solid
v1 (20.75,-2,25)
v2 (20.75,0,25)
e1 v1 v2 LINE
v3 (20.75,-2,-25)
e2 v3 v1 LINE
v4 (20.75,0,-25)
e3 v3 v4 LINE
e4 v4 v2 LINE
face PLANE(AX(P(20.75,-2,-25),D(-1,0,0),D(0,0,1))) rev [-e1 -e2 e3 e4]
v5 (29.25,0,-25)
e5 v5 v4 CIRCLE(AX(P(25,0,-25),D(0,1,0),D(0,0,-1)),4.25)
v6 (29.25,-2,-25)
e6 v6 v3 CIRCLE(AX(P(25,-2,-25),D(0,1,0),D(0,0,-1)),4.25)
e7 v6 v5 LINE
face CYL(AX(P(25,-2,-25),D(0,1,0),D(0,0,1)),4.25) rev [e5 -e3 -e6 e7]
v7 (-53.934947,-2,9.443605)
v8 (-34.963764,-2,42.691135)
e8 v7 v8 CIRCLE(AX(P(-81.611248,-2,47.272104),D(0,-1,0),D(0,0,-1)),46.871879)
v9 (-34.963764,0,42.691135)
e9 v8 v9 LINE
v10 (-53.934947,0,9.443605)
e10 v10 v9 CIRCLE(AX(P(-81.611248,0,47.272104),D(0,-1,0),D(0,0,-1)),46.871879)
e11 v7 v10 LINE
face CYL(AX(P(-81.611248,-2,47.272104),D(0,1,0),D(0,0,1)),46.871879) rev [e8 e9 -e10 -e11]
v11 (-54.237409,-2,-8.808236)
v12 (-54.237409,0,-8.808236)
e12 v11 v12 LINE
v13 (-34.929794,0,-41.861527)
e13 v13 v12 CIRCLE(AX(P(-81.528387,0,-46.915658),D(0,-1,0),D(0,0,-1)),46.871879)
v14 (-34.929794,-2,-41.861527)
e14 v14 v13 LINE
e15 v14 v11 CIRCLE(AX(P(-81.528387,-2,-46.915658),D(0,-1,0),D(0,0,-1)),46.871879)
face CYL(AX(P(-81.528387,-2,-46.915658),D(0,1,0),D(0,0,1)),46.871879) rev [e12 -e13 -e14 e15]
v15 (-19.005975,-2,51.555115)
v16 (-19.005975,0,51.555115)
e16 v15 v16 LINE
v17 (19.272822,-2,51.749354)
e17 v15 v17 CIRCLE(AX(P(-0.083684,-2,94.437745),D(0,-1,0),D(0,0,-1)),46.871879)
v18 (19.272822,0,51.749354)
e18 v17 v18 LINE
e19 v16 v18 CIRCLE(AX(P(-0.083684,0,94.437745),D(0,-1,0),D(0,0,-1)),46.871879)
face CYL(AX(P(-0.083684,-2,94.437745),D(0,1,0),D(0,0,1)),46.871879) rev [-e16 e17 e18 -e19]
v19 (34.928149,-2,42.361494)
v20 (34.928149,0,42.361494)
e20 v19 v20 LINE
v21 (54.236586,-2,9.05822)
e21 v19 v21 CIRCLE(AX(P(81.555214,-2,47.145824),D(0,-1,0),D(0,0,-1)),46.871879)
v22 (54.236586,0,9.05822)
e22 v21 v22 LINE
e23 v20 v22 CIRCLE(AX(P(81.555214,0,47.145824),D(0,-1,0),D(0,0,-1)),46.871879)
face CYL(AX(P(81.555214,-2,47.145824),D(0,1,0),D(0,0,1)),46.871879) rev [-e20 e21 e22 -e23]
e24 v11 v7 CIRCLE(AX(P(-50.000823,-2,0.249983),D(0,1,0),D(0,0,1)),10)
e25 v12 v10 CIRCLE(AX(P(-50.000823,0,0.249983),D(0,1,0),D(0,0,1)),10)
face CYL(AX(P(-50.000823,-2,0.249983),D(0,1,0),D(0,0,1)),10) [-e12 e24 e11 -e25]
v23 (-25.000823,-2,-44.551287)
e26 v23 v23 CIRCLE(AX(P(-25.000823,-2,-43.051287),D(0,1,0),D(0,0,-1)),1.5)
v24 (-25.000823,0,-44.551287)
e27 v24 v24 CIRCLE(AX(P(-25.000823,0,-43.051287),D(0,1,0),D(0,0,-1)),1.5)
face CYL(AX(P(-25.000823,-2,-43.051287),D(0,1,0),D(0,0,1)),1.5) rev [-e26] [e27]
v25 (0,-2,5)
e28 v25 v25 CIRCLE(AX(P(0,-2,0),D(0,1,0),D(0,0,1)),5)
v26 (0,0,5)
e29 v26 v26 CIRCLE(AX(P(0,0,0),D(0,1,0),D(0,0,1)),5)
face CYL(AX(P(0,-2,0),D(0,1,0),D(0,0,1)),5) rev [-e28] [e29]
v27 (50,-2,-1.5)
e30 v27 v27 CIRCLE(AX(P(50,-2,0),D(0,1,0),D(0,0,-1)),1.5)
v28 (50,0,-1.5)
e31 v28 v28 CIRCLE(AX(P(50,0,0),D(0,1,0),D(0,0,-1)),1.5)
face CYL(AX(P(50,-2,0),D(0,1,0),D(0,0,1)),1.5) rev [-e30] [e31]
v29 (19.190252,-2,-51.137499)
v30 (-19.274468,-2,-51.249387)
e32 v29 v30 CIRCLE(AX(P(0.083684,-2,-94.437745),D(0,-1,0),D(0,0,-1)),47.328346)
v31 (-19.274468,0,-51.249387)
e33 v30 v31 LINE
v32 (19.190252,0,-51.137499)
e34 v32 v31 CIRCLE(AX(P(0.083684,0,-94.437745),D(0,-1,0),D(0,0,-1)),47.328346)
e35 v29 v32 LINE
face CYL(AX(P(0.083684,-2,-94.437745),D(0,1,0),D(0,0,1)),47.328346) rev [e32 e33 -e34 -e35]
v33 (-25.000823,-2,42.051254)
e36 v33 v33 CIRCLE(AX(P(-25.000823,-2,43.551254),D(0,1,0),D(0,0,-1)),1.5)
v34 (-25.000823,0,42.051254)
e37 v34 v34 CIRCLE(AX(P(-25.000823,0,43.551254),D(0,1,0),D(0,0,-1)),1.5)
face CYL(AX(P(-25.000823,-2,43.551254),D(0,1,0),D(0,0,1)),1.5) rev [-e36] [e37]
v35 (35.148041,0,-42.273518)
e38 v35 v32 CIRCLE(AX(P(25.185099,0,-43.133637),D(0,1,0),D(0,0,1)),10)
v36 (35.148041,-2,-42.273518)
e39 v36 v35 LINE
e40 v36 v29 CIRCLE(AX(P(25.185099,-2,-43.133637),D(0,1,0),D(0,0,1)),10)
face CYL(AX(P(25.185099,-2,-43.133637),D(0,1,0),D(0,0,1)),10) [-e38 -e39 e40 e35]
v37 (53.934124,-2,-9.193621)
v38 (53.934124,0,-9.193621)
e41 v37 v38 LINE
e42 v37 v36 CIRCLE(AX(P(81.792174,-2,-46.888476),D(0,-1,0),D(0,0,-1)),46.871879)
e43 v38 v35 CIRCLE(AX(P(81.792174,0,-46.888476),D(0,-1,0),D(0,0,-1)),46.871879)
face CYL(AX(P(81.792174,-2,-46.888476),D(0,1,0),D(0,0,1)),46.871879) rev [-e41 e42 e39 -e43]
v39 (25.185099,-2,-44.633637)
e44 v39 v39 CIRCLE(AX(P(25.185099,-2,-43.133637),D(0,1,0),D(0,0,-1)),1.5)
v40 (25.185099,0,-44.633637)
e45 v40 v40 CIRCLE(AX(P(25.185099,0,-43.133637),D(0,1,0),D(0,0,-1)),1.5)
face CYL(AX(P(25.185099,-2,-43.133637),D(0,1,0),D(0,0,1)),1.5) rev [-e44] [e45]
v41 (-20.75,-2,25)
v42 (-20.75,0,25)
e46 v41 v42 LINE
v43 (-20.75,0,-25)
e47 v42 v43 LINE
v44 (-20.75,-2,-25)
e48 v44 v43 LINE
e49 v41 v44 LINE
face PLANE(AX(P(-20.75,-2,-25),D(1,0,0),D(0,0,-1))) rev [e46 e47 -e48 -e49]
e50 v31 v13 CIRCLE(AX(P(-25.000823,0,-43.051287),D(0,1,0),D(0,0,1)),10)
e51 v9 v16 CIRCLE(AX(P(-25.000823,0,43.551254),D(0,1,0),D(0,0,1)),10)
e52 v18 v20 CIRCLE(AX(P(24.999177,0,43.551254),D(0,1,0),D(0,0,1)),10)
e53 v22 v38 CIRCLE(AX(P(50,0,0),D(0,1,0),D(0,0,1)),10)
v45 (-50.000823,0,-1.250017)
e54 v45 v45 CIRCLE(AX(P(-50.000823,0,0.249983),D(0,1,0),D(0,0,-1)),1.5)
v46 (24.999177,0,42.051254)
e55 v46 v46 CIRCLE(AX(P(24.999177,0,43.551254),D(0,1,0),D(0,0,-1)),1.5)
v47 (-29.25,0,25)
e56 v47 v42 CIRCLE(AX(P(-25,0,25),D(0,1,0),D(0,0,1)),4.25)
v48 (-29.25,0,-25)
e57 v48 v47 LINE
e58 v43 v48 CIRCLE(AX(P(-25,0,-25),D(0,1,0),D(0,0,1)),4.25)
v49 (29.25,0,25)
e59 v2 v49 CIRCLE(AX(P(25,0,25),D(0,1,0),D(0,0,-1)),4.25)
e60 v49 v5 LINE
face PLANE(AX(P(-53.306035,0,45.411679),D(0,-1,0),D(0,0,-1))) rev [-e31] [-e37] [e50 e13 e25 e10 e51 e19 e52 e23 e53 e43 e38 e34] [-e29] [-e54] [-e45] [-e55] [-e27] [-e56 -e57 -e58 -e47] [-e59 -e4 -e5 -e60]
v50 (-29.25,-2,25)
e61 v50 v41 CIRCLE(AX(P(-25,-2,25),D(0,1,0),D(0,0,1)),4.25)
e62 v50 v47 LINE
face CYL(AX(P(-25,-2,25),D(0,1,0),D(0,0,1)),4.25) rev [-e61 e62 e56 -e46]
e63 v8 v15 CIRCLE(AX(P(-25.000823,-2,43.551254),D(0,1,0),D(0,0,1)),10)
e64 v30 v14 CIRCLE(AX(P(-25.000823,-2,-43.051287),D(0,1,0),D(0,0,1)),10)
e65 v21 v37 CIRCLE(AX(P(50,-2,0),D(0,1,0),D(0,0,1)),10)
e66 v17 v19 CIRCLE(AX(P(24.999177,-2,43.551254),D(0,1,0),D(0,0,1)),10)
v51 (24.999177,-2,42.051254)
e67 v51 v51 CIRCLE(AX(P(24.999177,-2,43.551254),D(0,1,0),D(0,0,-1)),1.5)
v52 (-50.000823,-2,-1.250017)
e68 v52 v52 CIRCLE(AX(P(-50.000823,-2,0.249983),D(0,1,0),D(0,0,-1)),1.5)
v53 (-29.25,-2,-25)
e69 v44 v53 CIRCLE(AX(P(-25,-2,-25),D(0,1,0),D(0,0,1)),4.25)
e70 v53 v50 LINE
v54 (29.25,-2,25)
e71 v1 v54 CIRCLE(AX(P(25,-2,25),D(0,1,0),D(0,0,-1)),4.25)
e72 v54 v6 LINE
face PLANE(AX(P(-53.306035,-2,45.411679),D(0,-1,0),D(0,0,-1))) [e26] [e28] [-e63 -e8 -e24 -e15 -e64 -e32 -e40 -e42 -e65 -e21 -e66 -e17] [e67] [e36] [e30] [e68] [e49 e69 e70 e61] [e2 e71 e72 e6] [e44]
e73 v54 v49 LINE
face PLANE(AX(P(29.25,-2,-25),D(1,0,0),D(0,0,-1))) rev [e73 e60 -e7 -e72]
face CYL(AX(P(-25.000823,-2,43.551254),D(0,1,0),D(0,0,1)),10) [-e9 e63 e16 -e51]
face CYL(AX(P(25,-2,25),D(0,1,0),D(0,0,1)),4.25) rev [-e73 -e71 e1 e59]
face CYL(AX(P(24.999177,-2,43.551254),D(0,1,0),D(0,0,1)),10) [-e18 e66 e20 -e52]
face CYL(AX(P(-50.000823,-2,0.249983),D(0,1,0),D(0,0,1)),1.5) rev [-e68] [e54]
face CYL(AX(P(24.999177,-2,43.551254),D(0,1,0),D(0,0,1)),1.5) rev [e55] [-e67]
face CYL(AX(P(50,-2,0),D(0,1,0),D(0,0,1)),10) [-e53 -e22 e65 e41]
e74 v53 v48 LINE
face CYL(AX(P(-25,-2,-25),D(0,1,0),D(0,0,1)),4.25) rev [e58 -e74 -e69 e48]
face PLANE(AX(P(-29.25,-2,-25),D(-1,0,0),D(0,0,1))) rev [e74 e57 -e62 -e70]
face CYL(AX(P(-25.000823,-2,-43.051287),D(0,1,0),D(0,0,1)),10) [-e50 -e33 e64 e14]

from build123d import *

# Parameters (mm, degrees)
SKETCH1_R           = 1.5
BOSS_EXTRUDE1_DEPTH = 2
CUT_EXTRUDE1_DEPTH  = 81.447719073
SKETCH3_R           = 5
CUT_EXTRUDE2_DEPTH  = 81.447719073


with BuildPart() as part:
    # Sketch1 → Boss-Extrude1 (new body)
    with BuildSketch(Plane(origin=(0, 0, 0), x_dir=(1, 0, 0), z_dir=(0, 1, 0))):
        with BuildLine():
            ThreePointArc((-34.963763955, -42.691134729), (-29.856641946, -52.293165337), (-19.005975188, -51.555115262))
            ThreePointArc((-19.005975188, -51.555115262), (0.154155805, -47.566469585), (19.272821809, -51.749354259))
            ThreePointArc((19.272821809, -51.749354259), (30.141985248, -52.127472163), (34.928148513, -42.361494065))
            ThreePointArc((34.928148513, -42.361494065), (41.005634123, -23.636153056), (54.236585765, -9.05821953))
            ThreePointArc((54.236585765, -9.05821953), (59.998627194, 0.165693174), (53.934123701, 9.193621197))
            ThreePointArc((53.934123701, 9.193621197), (41.034184142, 23.742001216), (35.148040543, 42.273518027))
            ThreePointArc((35.148040543, 42.273518027), (30.040918534, 51.875548635), (19.190251776, 51.13749856))
            ThreePointArc((19.190251776, 51.13749856), (-0.053987233, 47.109599988), (-19.274467503, 51.249387444))
            ThreePointArc((-19.274467503, 51.249387444), (-30.143630941, 51.627505348), (-34.929794206, 41.86152725))
            ThreePointArc((-34.929794206, 41.86152725), (-41.05559122, 23.274044232), (-54.237408611, 8.808236123))
            ThreePointArc((-54.237408611, 8.808236123), (-59.999450041, -0.415676581), (-53.934946548, -9.443604604))
            ThreePointArc((-53.934946548, -9.443604604), (-40.900612569, -24.042441945), (-34.963763955, -42.691134729))
        make_face()
        with Locations(Location((50, 0, 0), (0, 0, 90))):
            Circle(SKETCH1_R, mode=Mode.SUBTRACT)
        with Locations(Location((24.999177153, -43.551253597, 0), (0, 0, 90))):
            Circle(SKETCH1_R, mode=Mode.SUBTRACT)
        with Locations(Location((25.185099435, 43.133636895, 0), (0, 0, 90))):
            Circle(SKETCH1_R, mode=Mode.SUBTRACT)
        with Locations(Location((-25.000822847, -43.551253597, 0), (0, 0, 90))):
            Circle(SKETCH1_R, mode=Mode.SUBTRACT)
        with Locations(Location((-50.000822847, -0.249983407, 0), (0, 0, 90))):
            Circle(SKETCH1_R, mode=Mode.SUBTRACT)
        with Locations(Location((-25.000822847, 43.051286782, 0), (0, 0, 90))):
            Circle(SKETCH1_R, mode=Mode.SUBTRACT)
    extrude(amount=-BOSS_EXTRUDE1_DEPTH)

    # Sketch2 → Cut-Extrude1 (cut, through all)
    with BuildSketch(Plane(origin=(0, 0, 0), x_dir=(1, 0, 0), z_dir=(0, 1, 0))):
        with BuildLine():
            Line((-20.75, 25), (-20.75, -25))
            ThreePointArc((-20.75, -25), (-25, -29.25), (-29.25, -25))
            Line((-29.25, -25), (-29.25, 25))
            ThreePointArc((-29.25, 25), (-25, 29.25), (-20.75, 25))
        make_face()
        with BuildLine():
            Line((20.75, 25), (20.75, -25))
            ThreePointArc((20.75, -25), (25, -29.25), (29.25, -25))
            Line((29.25, -25), (29.25, 25))
            ThreePointArc((29.25, 25), (25, 29.25), (20.75, 25))
        make_face()
    extrude(amount=-CUT_EXTRUDE1_DEPTH, mode=Mode.SUBTRACT)

    # Sketch3 → Cut-Extrude2 (cut, through all)
    with BuildSketch(Plane(origin=(0, 0, 0), x_dir=(1, 0, 0), z_dir=(0, 1, 0))):
        with Locations(Location((0, 0, 0), (0, 0, 270))):
            Circle(SKETCH3_R)
    extrude(amount=-CUT_EXTRUDE2_DEPTH, mode=Mode.SUBTRACT)


solid = part.part
